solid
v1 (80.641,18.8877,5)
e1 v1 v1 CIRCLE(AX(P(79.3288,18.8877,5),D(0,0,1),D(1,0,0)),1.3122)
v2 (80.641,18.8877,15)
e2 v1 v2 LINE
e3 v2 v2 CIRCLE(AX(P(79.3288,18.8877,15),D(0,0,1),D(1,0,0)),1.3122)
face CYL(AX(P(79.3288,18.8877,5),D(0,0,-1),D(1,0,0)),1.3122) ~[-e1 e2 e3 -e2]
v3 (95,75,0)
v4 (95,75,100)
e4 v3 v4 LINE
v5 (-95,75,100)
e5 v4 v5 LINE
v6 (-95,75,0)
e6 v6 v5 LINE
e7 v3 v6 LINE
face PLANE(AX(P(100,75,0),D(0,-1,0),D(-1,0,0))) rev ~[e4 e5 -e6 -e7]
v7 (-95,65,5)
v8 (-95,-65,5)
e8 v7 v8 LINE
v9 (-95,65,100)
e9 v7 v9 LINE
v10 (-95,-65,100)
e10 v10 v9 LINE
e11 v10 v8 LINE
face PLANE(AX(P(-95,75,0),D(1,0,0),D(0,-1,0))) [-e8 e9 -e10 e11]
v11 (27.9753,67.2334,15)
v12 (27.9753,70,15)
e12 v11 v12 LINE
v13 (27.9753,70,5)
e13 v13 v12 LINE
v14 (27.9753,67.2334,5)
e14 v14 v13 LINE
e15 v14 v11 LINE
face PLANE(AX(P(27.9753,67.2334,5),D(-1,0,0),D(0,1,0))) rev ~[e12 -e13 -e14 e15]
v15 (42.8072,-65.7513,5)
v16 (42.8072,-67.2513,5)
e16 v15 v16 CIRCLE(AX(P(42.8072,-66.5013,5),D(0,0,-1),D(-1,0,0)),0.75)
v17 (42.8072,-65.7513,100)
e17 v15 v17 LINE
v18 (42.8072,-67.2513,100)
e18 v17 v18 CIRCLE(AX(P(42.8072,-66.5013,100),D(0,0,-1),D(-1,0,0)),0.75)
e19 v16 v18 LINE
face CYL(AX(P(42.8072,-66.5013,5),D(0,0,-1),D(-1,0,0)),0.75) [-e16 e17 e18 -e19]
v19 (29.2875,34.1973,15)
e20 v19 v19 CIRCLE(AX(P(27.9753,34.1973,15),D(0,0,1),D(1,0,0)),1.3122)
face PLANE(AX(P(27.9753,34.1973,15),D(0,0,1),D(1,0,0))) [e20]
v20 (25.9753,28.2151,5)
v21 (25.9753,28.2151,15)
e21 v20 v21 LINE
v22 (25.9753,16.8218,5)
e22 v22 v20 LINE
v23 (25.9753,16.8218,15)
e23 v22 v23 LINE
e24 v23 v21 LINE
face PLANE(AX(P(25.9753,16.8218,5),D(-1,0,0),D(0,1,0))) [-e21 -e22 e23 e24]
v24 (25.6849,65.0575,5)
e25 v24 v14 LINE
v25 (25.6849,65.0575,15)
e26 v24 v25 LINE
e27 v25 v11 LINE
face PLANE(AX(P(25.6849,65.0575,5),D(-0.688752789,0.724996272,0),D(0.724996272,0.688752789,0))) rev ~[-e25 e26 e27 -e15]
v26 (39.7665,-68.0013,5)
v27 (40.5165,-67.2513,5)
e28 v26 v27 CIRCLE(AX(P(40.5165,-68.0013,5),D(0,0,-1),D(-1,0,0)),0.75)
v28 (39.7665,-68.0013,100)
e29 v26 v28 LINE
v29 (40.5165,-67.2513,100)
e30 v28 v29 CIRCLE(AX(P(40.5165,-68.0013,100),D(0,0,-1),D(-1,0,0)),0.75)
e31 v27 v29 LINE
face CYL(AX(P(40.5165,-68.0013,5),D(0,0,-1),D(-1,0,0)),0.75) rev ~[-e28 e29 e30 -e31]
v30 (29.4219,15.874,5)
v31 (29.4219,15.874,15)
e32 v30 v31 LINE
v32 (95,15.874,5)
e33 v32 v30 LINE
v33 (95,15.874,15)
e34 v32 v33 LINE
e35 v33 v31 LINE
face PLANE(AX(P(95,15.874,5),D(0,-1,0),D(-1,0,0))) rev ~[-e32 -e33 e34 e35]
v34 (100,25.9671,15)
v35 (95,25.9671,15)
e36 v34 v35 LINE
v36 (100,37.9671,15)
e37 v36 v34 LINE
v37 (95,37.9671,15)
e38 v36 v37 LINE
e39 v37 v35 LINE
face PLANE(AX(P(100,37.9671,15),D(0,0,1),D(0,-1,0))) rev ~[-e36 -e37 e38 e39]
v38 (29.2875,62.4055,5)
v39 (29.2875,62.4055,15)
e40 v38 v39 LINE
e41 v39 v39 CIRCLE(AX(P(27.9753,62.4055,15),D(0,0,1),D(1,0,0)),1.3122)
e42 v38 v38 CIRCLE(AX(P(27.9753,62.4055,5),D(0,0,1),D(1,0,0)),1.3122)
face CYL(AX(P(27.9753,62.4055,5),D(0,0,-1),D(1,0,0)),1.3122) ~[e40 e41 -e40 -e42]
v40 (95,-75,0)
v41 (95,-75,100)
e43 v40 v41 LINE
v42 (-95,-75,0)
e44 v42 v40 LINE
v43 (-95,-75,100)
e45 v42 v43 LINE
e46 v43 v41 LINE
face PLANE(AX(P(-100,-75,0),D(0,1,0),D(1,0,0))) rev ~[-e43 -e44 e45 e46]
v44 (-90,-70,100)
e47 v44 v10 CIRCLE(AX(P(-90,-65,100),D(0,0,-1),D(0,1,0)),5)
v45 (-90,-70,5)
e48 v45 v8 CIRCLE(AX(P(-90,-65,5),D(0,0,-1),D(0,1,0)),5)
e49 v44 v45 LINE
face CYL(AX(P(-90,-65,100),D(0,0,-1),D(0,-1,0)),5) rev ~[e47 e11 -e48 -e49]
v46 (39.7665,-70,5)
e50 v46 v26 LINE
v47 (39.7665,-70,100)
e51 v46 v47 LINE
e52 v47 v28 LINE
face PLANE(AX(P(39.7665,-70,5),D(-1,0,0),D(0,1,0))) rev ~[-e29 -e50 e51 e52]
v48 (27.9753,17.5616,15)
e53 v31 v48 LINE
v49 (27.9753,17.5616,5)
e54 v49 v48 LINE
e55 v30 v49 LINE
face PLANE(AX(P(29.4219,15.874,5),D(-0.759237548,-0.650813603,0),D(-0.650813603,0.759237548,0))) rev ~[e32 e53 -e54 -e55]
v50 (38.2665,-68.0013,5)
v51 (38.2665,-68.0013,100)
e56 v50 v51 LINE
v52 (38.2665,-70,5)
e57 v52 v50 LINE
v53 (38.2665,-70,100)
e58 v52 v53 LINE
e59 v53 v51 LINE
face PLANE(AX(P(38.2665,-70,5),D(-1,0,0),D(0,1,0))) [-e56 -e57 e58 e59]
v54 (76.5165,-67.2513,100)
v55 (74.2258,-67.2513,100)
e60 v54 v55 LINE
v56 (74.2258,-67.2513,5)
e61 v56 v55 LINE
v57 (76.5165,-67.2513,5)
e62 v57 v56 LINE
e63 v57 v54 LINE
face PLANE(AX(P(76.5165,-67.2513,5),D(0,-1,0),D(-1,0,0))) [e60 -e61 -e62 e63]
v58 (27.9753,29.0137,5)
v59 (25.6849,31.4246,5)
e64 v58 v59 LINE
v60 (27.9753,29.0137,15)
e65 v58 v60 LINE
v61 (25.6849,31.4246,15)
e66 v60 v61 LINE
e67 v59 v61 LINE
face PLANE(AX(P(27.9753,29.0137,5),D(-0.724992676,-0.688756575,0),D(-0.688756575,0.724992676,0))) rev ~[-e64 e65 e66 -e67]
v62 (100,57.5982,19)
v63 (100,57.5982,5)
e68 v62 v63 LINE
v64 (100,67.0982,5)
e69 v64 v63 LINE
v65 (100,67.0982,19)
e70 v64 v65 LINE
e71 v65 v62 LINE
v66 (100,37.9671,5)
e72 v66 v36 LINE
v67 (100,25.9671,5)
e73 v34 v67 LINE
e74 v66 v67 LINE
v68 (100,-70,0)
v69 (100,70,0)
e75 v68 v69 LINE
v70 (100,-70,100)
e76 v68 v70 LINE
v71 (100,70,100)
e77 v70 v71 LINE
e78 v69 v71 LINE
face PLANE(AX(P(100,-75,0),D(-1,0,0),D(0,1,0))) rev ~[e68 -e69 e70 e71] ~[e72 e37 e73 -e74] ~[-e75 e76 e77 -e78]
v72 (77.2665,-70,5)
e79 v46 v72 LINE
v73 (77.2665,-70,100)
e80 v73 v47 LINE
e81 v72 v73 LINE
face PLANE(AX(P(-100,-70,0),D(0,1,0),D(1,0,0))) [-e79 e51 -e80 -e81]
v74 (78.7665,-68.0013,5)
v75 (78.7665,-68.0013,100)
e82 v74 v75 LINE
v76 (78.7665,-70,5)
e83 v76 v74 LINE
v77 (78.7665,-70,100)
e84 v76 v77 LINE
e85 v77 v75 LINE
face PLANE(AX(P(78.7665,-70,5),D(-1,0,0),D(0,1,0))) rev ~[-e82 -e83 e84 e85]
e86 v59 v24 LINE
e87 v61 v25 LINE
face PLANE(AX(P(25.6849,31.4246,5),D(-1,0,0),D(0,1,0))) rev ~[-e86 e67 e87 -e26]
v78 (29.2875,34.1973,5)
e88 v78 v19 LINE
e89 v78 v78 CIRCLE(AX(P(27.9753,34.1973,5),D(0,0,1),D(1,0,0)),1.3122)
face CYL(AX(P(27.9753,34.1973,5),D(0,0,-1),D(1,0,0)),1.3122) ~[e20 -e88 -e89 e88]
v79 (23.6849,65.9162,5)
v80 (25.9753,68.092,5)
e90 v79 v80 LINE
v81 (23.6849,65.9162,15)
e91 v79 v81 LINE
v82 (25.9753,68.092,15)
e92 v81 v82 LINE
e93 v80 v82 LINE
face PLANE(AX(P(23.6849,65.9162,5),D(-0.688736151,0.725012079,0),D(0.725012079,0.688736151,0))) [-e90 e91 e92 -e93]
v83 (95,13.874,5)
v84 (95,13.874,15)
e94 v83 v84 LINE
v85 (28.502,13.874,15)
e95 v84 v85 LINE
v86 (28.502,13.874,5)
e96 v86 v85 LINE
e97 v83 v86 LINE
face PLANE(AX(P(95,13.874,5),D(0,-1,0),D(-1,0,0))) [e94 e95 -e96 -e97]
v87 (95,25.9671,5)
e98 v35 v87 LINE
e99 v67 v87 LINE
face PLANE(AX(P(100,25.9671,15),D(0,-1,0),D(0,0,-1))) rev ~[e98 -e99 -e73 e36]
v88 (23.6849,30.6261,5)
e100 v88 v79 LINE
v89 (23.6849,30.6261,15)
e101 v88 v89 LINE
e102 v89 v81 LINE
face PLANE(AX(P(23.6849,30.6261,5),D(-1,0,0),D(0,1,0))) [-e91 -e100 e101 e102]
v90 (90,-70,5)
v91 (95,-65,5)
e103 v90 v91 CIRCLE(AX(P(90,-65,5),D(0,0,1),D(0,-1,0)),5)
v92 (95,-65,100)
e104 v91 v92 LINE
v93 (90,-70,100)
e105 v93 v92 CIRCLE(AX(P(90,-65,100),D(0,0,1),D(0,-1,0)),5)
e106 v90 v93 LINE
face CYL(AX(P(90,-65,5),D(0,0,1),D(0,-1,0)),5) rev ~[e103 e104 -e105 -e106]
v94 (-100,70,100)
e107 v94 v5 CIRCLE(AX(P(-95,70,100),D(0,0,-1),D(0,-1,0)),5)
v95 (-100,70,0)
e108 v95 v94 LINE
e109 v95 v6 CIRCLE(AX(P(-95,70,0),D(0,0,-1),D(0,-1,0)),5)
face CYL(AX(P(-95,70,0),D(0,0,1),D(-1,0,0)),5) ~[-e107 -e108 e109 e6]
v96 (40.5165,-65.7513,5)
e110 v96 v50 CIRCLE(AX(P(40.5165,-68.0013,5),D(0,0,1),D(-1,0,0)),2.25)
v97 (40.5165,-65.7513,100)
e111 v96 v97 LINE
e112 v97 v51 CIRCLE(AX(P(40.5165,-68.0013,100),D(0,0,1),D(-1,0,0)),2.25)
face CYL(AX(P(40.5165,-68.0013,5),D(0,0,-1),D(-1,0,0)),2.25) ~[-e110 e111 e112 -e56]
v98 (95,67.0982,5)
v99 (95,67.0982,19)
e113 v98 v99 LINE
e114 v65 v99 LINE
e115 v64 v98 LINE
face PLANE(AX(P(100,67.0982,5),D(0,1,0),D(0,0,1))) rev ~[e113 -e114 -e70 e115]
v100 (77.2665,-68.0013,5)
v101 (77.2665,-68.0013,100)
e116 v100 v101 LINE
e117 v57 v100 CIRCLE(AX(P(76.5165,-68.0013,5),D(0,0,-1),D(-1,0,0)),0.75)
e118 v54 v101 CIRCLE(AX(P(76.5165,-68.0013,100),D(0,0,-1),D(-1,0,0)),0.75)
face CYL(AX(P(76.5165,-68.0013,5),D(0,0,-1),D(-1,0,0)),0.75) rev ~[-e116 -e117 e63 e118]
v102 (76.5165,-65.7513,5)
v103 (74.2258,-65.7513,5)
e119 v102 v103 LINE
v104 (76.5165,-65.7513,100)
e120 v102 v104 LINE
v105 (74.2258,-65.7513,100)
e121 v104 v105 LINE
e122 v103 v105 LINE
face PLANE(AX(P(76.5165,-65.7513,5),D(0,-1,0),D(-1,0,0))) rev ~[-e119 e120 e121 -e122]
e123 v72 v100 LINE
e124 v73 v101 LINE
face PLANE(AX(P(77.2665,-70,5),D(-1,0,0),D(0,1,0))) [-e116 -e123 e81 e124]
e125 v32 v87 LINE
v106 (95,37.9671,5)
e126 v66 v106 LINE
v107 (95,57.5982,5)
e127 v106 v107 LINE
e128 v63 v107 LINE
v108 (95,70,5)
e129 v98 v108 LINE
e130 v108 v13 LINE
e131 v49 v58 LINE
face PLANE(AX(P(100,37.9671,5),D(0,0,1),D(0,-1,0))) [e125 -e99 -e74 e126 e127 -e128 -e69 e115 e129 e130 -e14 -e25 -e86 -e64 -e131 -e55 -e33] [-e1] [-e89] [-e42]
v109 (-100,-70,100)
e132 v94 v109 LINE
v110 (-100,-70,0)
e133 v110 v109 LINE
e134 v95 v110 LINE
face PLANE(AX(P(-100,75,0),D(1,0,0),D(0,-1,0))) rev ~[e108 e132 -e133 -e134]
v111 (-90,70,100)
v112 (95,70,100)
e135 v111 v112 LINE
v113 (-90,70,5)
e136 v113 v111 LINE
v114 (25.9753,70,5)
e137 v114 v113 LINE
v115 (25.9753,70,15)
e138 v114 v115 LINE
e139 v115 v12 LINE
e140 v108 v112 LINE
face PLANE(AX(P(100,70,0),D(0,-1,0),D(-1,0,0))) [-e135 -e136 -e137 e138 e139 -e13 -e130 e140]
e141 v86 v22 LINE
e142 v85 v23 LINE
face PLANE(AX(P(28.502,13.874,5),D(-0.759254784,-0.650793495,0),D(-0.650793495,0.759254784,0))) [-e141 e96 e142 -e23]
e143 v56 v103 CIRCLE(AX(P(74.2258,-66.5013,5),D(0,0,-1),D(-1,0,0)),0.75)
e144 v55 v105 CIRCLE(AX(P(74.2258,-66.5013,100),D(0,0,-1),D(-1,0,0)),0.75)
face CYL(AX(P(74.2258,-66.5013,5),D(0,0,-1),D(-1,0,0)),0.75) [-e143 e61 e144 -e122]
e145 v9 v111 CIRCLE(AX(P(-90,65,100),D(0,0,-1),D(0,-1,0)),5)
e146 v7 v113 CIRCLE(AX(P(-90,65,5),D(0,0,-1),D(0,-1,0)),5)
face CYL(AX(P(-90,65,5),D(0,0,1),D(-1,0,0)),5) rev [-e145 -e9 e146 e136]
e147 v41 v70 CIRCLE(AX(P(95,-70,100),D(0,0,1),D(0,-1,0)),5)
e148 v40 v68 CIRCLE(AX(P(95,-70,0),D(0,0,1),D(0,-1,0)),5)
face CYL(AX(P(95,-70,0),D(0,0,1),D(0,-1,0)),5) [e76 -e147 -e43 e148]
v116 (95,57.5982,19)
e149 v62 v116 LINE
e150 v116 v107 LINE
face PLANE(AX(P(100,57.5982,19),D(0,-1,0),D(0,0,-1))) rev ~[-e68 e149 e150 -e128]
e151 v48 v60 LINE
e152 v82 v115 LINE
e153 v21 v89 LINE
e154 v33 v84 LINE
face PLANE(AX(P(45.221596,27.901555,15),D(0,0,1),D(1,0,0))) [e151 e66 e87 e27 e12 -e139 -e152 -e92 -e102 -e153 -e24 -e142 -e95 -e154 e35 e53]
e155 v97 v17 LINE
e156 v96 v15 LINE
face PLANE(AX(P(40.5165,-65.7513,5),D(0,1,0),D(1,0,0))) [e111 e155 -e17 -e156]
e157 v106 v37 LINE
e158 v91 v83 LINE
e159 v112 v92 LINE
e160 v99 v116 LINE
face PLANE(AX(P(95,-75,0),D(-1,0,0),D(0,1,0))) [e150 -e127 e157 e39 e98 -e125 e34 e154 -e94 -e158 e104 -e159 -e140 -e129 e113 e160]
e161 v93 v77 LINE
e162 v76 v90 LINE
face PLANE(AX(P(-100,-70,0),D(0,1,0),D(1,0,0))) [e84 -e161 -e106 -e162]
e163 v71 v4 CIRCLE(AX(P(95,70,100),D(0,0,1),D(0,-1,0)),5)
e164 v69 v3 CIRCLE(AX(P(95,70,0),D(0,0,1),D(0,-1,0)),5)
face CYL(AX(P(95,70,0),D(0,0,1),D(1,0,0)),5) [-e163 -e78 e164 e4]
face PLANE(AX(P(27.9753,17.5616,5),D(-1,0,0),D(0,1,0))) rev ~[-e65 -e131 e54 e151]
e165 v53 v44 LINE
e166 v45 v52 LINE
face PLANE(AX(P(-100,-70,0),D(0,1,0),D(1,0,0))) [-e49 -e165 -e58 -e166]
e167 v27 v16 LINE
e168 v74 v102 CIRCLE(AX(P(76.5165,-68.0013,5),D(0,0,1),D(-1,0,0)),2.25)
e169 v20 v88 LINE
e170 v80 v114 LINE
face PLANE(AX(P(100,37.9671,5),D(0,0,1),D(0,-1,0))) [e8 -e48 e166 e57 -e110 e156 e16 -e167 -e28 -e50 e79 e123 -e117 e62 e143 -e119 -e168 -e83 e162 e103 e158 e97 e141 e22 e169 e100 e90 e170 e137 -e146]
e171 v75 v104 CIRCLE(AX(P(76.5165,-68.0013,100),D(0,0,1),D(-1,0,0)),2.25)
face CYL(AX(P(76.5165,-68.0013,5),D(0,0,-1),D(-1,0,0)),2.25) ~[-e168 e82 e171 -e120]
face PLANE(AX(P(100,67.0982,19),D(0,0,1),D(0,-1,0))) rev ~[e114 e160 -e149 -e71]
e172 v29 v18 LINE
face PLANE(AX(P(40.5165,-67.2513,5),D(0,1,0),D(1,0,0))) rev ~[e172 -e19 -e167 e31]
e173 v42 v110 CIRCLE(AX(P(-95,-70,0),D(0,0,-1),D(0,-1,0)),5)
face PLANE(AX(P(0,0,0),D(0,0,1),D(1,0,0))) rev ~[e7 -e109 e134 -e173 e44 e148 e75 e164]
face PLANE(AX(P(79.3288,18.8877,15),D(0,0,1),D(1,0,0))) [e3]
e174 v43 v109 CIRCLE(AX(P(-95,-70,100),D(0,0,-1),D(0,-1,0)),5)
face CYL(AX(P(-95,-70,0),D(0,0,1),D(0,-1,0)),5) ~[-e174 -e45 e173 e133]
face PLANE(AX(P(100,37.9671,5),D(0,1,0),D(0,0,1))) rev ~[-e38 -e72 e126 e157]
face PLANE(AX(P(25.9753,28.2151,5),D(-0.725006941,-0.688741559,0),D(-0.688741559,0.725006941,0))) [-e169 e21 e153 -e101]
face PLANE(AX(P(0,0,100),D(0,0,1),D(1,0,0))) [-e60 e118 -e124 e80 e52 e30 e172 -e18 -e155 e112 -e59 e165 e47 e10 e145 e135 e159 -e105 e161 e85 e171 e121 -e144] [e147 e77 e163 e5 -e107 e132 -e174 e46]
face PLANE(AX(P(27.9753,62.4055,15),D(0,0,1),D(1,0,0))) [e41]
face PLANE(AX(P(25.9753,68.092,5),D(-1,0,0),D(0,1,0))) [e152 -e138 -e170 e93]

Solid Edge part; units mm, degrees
sketch "Sketch1" plane through (0, 0, 0) normal (0, 0, 1) x (1, 0, 0)
  line L0 (-100, -75) -> (100, -75)
  line L1 (100, -75) -> (100, 75)
  line L2 (100, 75) -> (-100, 75)
  line L3 (-100, 75) -> (-100, -75)
extrude "Protrusion1" add sketch "Sketch1" along normal blind 100
shell "Parede" thickness 5 removed faces 1 at (-68.6667, -48.5, 100)
sketch "Sketch2" plane through (100, 0, 50) normal (1, 0, 0) x (0, 0, -1)
  line L0 (45, 67.0982) -> (31, 67.0982)
  line L1 (31, 67.0982) -> (31, 57.5982)
  line L2 (31, 57.5982) -> (45, 57.5982)
  line L3 (45, 67.0982) -> (45, 57.5982)
  line L4 (45, 37.9671) -> (45, 25.9671)
  line L5 (35, 25.9671) -> (45, 25.9671)
  line L6 (35, 37.9671) -> (35, 25.9671)
  line L7 (45, 37.9671) -> (35, 37.9671)
extrude "Cutout1" cut sketch "Sketch2" against normal up to next
sketch "Sketch3" plane through (2.5, 0, 5) normal (0, 0, 1) x (1, 0, 0)
  line L0 (25.4753, 67.2334) -> (25.4753, 70)
  line L1 (23.4753, 70) -> (25.4753, 70)
  line L2 (23.4753, 68.092) -> (23.4753, 70)
  line L3 (21.1849, 65.9162) -> (23.4753, 68.092)
  line L4 (21.1849, 30.6261) -> (21.1849, 65.9162)
  line L5 (23.4753, 28.2151) -> (21.1849, 30.6261)
  line L6 (23.4753, 16.8218) -> (23.4753, 28.2151)
  line L7 (26.002, 13.874) -> (23.4753, 16.8218)
  line L8 (92.5, 13.874) -> (26.002, 13.874)
  line L9 (92.5, 15.874) -> (92.5, 13.874)
  line L10 (92.5, 15.874) -> (26.9219, 15.874)
  line L11 (26.9219, 15.874) -> (25.4753, 17.5616)
  line L12 (25.4753, 17.5616) -> (25.4753, 29.0137)
  line L13 (25.4753, 29.0137) -> (23.1849, 31.4246)
  line L14 (23.1849, 31.4246) -> (23.1849, 65.0575)
  line L15 (23.1849, 65.0575) -> (25.4753, 67.2334)
  circle A0 centre (25.4753, 62.4055) radius 1.3122
  circle A1 centre (25.4753, 34.1973) radius 1.3122
  circle A2 centre (76.8288, 18.8877) radius 1.3122
  dimension "D1" = 2
extrude "Parede_Arduino" add sketch "Sketch3" along normal blind 10
fillet "Round_1" radius 5 7 edges at (-100, -75, 50) (100, -75, 50) (100, 75, 50) (-100, 75, 50) (-95, -70, 52.5) (-95, 70, 52.5) (95, -70, 52.5)
sketch "Sketch4" plane through (0, 0, 5) normal (0, 0, 1) x (-1, 0, 0)
  line L0 (-38.2665, 70) -> (-38.2665, 68.0013)
  arc A0 (-40.5165, 65.7513) -> (-38.2665, 68.0013) centre (-40.5165, 68.0013) ccw
  line L1 (-40.5165, 65.7513) -> (-42.8072, 65.7513)
  arc A1 (-42.8072, 65.7513) -> (-42.8072, 67.2513) centre (-42.8072, 66.5013) cw
  line L2 (-40.5165, 67.2513) -> (-42.8072, 67.2513)
  arc A2 (-39.7665, 68.0013) -> (-40.5165, 67.2513) centre (-40.5165, 68.0013) cw
  line L3 (-39.7665, 70) -> (-39.7665, 68.0013)
  line L4 (-39.7665, 70) -> (-38.2665, 70)
  line L5 (-77.2665, 70) -> (-77.2665, 68.0013)
  arc A3 (-76.5165, 67.2513) -> (-77.2665, 68.0013) centre (-76.5165, 68.0013) cw
  line L6 (-76.5165, 67.2513) -> (-74.2258, 67.2513)
  arc A4 (-74.2258, 67.2513) -> (-74.2258, 65.7513) centre (-74.2258, 66.5013) cw
  line L7 (-76.5165, 65.7513) -> (-74.2258, 65.7513)
  arc A5 (-78.7665, 68.0013) -> (-76.5165, 65.7513) centre (-76.5165, 68.0013) ccw
  line L8 (-78.7665, 70) -> (-78.7665, 68.0013)
  line L9 (-78.7665, 70) -> (-77.2665, 70)
extrude "Protrusion2" add sketch "Sketch4" along normal up to vertex (95 mm away)
